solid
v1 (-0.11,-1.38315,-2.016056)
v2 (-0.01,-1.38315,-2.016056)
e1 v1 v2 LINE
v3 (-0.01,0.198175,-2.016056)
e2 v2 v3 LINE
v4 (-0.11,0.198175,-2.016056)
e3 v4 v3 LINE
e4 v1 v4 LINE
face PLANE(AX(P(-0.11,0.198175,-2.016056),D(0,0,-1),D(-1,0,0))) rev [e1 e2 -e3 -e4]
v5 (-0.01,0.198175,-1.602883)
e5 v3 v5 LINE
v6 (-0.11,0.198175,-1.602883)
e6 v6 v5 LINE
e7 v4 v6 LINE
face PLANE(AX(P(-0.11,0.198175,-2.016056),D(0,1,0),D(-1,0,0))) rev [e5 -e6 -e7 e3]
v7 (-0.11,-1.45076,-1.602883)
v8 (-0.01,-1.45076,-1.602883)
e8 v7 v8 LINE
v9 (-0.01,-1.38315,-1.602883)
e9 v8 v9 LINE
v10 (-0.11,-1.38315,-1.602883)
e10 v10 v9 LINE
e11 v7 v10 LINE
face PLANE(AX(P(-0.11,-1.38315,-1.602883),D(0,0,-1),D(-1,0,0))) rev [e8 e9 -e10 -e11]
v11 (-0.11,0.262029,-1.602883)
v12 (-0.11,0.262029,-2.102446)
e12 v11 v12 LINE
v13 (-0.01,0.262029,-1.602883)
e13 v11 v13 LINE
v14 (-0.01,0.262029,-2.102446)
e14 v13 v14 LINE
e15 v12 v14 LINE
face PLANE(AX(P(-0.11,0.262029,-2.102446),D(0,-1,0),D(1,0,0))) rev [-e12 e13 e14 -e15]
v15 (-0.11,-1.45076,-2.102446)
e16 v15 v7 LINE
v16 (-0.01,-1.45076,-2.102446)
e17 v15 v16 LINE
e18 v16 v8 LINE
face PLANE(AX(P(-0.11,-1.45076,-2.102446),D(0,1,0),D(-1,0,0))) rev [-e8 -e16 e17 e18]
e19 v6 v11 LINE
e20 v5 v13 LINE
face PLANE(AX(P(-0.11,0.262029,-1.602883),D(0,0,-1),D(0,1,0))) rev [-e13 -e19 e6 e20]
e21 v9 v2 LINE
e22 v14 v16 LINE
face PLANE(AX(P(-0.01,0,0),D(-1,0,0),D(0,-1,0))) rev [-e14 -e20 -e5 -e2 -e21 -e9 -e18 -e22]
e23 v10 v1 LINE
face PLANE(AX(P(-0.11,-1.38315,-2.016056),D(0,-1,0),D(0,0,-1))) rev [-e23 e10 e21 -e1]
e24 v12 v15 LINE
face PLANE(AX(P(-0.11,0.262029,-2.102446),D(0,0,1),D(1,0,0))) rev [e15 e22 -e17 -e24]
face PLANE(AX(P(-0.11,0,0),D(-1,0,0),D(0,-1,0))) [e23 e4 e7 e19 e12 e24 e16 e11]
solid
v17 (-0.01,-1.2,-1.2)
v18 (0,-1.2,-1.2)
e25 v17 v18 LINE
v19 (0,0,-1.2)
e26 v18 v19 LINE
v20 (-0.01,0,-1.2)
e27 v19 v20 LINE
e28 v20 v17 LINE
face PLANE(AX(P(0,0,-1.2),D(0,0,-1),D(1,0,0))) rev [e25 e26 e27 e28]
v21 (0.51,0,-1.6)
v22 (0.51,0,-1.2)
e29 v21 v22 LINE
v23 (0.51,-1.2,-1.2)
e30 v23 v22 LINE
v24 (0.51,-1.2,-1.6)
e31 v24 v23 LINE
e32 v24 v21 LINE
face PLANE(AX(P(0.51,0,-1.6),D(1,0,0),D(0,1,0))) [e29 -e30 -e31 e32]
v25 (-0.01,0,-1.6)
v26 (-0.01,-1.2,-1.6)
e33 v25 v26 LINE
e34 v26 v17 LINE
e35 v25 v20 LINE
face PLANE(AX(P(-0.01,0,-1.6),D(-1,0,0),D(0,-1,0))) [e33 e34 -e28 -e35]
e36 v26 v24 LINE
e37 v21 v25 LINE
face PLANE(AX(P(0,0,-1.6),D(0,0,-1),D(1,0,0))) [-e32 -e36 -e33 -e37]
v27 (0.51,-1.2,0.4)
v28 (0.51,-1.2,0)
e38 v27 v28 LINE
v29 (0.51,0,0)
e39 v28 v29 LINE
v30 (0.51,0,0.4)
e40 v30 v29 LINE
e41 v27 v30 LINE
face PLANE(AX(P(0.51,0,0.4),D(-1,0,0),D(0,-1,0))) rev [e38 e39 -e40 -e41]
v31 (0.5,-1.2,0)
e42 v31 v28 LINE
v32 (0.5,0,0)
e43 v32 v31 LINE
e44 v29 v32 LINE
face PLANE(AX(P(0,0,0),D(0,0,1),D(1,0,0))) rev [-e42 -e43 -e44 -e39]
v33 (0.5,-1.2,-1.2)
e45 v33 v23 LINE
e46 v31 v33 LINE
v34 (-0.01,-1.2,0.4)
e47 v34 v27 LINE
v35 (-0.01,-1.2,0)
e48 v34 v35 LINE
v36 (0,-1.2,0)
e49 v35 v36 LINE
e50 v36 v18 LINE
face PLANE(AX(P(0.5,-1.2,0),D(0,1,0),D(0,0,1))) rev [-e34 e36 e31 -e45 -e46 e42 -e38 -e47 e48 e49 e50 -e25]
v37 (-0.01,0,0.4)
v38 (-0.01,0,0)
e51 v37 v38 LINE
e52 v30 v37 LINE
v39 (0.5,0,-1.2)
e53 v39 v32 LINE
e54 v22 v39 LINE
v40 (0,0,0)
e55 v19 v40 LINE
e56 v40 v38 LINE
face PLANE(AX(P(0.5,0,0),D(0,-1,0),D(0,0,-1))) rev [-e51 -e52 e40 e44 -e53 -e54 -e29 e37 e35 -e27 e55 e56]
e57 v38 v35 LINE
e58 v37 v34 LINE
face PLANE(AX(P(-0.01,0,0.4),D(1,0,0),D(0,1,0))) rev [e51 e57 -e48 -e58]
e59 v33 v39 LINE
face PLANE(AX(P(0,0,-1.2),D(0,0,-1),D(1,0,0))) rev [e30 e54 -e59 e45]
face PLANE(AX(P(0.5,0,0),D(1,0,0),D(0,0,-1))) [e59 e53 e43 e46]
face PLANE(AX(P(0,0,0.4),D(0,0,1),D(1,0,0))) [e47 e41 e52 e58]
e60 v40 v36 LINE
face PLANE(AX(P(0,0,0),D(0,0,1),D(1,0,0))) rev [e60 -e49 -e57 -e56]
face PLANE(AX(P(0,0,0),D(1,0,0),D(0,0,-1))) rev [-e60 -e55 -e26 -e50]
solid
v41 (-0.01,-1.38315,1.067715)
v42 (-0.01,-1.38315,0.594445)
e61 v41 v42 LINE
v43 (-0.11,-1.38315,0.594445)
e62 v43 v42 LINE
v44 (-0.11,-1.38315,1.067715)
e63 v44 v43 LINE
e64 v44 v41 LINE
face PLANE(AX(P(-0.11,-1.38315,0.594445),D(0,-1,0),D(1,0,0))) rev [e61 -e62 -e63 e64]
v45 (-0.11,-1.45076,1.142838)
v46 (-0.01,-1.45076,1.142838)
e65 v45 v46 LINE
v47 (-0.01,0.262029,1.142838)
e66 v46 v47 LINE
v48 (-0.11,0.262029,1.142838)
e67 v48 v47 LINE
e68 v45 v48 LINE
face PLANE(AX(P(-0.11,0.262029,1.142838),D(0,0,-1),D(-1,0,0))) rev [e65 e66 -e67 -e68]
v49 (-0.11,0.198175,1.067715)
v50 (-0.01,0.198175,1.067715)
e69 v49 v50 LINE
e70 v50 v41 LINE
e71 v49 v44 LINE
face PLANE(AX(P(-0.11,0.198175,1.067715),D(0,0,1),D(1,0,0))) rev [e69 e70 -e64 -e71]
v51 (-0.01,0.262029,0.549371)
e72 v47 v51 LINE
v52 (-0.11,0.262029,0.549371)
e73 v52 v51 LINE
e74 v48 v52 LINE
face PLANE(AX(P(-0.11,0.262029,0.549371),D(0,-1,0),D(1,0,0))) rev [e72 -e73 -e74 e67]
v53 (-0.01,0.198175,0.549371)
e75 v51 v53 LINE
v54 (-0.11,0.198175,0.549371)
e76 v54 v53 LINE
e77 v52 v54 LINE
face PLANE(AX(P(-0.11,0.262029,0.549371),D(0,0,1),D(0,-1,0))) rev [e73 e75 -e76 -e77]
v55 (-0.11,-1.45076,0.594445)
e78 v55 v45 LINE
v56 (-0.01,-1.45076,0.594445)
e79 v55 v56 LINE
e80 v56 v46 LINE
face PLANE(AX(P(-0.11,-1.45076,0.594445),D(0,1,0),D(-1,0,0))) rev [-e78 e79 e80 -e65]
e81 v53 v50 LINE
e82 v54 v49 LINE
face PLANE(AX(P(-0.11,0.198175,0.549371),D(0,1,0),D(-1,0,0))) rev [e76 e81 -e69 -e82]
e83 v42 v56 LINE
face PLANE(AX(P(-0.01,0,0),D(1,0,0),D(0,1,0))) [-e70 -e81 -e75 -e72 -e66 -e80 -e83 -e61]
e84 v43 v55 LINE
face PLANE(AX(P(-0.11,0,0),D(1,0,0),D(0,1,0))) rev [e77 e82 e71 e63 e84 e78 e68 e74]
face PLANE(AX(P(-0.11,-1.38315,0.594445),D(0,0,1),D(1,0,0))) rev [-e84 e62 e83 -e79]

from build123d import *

# Parameters (mm, degrees)
SKETCH_1_W        = 1.2
SKETCH_1_H        = 1.2
EXTRUDE_1_DEPTH   = 0.5
SKETCH_2_W        = 0.52
SKETCH_2_H        = 1.2
EXTRUDE_3_DEPTH   = 0.4
EXTRUDE_4_DEPTH   = 0.1
EXTRUDE_4_2_DEPTH = 0.1


with BuildPart() as part:
    # 草图1 → 凸台-拉伸1 (new body)
    with BuildSketch(Plane(origin=(0, 0, 0), x_dir=(0, 0, -1), z_dir=(1, 0, 0))):
        with Locations((0.6, -0.6)):
            Rectangle(SKETCH_1_W, SKETCH_1_H)
    extrude(amount=EXTRUDE_1_DEPTH)

    # 草图2 → 凸台-拉伸3 (add)
    with BuildSketch(Plane.XY):
        with Locations((0.25, -0.6)):
            Rectangle(SKETCH_2_W, SKETCH_2_H)
    extrude_3 = extrude(amount=EXTRUDE_3_DEPTH)

    # 镜向1: 凸台-拉伸3 across plane
    add(extrude_3.mirror(Plane.XY.offset(-0.6)))


with BuildPart() as body_2:
    # 草图3 → 凸台-拉伸4 (new body)
    with BuildSketch(Plane.ZY.offset(0.01)):
        Polygon((-1.602882837, 0.262028506), (-1.602882837, 0.198174543), (-2.016055542, 0.198174543), (-2.016055542, -1.383150081), (-1.602882837, -1.383150081), (-1.602882837, -1.45076016), (-2.102446198, -1.45076016), (-2.102446198, 0.262028506), align=None)
    extrude(amount=EXTRUDE_4_DEPTH)


with BuildPart() as body_3:
    # 草图3 → Extrude 4 2 (new body)
    with BuildSketch(Plane.ZY.offset(0.01)):
        Polygon((1.14283759, 0.262028506), (1.14283759, -1.45076016), (0.594444728, -1.45076016), (0.594444728, -1.383150081), (1.06771528, -1.383150081), (1.06771528, 0.198174543), (0.549371342, 0.198174543), (0.549371342, 0.262028506), align=None)
    extrude(amount=EXTRUDE_4_2_DEPTH)


solid = Compound([part.part, body_2.part, body_3.part])
